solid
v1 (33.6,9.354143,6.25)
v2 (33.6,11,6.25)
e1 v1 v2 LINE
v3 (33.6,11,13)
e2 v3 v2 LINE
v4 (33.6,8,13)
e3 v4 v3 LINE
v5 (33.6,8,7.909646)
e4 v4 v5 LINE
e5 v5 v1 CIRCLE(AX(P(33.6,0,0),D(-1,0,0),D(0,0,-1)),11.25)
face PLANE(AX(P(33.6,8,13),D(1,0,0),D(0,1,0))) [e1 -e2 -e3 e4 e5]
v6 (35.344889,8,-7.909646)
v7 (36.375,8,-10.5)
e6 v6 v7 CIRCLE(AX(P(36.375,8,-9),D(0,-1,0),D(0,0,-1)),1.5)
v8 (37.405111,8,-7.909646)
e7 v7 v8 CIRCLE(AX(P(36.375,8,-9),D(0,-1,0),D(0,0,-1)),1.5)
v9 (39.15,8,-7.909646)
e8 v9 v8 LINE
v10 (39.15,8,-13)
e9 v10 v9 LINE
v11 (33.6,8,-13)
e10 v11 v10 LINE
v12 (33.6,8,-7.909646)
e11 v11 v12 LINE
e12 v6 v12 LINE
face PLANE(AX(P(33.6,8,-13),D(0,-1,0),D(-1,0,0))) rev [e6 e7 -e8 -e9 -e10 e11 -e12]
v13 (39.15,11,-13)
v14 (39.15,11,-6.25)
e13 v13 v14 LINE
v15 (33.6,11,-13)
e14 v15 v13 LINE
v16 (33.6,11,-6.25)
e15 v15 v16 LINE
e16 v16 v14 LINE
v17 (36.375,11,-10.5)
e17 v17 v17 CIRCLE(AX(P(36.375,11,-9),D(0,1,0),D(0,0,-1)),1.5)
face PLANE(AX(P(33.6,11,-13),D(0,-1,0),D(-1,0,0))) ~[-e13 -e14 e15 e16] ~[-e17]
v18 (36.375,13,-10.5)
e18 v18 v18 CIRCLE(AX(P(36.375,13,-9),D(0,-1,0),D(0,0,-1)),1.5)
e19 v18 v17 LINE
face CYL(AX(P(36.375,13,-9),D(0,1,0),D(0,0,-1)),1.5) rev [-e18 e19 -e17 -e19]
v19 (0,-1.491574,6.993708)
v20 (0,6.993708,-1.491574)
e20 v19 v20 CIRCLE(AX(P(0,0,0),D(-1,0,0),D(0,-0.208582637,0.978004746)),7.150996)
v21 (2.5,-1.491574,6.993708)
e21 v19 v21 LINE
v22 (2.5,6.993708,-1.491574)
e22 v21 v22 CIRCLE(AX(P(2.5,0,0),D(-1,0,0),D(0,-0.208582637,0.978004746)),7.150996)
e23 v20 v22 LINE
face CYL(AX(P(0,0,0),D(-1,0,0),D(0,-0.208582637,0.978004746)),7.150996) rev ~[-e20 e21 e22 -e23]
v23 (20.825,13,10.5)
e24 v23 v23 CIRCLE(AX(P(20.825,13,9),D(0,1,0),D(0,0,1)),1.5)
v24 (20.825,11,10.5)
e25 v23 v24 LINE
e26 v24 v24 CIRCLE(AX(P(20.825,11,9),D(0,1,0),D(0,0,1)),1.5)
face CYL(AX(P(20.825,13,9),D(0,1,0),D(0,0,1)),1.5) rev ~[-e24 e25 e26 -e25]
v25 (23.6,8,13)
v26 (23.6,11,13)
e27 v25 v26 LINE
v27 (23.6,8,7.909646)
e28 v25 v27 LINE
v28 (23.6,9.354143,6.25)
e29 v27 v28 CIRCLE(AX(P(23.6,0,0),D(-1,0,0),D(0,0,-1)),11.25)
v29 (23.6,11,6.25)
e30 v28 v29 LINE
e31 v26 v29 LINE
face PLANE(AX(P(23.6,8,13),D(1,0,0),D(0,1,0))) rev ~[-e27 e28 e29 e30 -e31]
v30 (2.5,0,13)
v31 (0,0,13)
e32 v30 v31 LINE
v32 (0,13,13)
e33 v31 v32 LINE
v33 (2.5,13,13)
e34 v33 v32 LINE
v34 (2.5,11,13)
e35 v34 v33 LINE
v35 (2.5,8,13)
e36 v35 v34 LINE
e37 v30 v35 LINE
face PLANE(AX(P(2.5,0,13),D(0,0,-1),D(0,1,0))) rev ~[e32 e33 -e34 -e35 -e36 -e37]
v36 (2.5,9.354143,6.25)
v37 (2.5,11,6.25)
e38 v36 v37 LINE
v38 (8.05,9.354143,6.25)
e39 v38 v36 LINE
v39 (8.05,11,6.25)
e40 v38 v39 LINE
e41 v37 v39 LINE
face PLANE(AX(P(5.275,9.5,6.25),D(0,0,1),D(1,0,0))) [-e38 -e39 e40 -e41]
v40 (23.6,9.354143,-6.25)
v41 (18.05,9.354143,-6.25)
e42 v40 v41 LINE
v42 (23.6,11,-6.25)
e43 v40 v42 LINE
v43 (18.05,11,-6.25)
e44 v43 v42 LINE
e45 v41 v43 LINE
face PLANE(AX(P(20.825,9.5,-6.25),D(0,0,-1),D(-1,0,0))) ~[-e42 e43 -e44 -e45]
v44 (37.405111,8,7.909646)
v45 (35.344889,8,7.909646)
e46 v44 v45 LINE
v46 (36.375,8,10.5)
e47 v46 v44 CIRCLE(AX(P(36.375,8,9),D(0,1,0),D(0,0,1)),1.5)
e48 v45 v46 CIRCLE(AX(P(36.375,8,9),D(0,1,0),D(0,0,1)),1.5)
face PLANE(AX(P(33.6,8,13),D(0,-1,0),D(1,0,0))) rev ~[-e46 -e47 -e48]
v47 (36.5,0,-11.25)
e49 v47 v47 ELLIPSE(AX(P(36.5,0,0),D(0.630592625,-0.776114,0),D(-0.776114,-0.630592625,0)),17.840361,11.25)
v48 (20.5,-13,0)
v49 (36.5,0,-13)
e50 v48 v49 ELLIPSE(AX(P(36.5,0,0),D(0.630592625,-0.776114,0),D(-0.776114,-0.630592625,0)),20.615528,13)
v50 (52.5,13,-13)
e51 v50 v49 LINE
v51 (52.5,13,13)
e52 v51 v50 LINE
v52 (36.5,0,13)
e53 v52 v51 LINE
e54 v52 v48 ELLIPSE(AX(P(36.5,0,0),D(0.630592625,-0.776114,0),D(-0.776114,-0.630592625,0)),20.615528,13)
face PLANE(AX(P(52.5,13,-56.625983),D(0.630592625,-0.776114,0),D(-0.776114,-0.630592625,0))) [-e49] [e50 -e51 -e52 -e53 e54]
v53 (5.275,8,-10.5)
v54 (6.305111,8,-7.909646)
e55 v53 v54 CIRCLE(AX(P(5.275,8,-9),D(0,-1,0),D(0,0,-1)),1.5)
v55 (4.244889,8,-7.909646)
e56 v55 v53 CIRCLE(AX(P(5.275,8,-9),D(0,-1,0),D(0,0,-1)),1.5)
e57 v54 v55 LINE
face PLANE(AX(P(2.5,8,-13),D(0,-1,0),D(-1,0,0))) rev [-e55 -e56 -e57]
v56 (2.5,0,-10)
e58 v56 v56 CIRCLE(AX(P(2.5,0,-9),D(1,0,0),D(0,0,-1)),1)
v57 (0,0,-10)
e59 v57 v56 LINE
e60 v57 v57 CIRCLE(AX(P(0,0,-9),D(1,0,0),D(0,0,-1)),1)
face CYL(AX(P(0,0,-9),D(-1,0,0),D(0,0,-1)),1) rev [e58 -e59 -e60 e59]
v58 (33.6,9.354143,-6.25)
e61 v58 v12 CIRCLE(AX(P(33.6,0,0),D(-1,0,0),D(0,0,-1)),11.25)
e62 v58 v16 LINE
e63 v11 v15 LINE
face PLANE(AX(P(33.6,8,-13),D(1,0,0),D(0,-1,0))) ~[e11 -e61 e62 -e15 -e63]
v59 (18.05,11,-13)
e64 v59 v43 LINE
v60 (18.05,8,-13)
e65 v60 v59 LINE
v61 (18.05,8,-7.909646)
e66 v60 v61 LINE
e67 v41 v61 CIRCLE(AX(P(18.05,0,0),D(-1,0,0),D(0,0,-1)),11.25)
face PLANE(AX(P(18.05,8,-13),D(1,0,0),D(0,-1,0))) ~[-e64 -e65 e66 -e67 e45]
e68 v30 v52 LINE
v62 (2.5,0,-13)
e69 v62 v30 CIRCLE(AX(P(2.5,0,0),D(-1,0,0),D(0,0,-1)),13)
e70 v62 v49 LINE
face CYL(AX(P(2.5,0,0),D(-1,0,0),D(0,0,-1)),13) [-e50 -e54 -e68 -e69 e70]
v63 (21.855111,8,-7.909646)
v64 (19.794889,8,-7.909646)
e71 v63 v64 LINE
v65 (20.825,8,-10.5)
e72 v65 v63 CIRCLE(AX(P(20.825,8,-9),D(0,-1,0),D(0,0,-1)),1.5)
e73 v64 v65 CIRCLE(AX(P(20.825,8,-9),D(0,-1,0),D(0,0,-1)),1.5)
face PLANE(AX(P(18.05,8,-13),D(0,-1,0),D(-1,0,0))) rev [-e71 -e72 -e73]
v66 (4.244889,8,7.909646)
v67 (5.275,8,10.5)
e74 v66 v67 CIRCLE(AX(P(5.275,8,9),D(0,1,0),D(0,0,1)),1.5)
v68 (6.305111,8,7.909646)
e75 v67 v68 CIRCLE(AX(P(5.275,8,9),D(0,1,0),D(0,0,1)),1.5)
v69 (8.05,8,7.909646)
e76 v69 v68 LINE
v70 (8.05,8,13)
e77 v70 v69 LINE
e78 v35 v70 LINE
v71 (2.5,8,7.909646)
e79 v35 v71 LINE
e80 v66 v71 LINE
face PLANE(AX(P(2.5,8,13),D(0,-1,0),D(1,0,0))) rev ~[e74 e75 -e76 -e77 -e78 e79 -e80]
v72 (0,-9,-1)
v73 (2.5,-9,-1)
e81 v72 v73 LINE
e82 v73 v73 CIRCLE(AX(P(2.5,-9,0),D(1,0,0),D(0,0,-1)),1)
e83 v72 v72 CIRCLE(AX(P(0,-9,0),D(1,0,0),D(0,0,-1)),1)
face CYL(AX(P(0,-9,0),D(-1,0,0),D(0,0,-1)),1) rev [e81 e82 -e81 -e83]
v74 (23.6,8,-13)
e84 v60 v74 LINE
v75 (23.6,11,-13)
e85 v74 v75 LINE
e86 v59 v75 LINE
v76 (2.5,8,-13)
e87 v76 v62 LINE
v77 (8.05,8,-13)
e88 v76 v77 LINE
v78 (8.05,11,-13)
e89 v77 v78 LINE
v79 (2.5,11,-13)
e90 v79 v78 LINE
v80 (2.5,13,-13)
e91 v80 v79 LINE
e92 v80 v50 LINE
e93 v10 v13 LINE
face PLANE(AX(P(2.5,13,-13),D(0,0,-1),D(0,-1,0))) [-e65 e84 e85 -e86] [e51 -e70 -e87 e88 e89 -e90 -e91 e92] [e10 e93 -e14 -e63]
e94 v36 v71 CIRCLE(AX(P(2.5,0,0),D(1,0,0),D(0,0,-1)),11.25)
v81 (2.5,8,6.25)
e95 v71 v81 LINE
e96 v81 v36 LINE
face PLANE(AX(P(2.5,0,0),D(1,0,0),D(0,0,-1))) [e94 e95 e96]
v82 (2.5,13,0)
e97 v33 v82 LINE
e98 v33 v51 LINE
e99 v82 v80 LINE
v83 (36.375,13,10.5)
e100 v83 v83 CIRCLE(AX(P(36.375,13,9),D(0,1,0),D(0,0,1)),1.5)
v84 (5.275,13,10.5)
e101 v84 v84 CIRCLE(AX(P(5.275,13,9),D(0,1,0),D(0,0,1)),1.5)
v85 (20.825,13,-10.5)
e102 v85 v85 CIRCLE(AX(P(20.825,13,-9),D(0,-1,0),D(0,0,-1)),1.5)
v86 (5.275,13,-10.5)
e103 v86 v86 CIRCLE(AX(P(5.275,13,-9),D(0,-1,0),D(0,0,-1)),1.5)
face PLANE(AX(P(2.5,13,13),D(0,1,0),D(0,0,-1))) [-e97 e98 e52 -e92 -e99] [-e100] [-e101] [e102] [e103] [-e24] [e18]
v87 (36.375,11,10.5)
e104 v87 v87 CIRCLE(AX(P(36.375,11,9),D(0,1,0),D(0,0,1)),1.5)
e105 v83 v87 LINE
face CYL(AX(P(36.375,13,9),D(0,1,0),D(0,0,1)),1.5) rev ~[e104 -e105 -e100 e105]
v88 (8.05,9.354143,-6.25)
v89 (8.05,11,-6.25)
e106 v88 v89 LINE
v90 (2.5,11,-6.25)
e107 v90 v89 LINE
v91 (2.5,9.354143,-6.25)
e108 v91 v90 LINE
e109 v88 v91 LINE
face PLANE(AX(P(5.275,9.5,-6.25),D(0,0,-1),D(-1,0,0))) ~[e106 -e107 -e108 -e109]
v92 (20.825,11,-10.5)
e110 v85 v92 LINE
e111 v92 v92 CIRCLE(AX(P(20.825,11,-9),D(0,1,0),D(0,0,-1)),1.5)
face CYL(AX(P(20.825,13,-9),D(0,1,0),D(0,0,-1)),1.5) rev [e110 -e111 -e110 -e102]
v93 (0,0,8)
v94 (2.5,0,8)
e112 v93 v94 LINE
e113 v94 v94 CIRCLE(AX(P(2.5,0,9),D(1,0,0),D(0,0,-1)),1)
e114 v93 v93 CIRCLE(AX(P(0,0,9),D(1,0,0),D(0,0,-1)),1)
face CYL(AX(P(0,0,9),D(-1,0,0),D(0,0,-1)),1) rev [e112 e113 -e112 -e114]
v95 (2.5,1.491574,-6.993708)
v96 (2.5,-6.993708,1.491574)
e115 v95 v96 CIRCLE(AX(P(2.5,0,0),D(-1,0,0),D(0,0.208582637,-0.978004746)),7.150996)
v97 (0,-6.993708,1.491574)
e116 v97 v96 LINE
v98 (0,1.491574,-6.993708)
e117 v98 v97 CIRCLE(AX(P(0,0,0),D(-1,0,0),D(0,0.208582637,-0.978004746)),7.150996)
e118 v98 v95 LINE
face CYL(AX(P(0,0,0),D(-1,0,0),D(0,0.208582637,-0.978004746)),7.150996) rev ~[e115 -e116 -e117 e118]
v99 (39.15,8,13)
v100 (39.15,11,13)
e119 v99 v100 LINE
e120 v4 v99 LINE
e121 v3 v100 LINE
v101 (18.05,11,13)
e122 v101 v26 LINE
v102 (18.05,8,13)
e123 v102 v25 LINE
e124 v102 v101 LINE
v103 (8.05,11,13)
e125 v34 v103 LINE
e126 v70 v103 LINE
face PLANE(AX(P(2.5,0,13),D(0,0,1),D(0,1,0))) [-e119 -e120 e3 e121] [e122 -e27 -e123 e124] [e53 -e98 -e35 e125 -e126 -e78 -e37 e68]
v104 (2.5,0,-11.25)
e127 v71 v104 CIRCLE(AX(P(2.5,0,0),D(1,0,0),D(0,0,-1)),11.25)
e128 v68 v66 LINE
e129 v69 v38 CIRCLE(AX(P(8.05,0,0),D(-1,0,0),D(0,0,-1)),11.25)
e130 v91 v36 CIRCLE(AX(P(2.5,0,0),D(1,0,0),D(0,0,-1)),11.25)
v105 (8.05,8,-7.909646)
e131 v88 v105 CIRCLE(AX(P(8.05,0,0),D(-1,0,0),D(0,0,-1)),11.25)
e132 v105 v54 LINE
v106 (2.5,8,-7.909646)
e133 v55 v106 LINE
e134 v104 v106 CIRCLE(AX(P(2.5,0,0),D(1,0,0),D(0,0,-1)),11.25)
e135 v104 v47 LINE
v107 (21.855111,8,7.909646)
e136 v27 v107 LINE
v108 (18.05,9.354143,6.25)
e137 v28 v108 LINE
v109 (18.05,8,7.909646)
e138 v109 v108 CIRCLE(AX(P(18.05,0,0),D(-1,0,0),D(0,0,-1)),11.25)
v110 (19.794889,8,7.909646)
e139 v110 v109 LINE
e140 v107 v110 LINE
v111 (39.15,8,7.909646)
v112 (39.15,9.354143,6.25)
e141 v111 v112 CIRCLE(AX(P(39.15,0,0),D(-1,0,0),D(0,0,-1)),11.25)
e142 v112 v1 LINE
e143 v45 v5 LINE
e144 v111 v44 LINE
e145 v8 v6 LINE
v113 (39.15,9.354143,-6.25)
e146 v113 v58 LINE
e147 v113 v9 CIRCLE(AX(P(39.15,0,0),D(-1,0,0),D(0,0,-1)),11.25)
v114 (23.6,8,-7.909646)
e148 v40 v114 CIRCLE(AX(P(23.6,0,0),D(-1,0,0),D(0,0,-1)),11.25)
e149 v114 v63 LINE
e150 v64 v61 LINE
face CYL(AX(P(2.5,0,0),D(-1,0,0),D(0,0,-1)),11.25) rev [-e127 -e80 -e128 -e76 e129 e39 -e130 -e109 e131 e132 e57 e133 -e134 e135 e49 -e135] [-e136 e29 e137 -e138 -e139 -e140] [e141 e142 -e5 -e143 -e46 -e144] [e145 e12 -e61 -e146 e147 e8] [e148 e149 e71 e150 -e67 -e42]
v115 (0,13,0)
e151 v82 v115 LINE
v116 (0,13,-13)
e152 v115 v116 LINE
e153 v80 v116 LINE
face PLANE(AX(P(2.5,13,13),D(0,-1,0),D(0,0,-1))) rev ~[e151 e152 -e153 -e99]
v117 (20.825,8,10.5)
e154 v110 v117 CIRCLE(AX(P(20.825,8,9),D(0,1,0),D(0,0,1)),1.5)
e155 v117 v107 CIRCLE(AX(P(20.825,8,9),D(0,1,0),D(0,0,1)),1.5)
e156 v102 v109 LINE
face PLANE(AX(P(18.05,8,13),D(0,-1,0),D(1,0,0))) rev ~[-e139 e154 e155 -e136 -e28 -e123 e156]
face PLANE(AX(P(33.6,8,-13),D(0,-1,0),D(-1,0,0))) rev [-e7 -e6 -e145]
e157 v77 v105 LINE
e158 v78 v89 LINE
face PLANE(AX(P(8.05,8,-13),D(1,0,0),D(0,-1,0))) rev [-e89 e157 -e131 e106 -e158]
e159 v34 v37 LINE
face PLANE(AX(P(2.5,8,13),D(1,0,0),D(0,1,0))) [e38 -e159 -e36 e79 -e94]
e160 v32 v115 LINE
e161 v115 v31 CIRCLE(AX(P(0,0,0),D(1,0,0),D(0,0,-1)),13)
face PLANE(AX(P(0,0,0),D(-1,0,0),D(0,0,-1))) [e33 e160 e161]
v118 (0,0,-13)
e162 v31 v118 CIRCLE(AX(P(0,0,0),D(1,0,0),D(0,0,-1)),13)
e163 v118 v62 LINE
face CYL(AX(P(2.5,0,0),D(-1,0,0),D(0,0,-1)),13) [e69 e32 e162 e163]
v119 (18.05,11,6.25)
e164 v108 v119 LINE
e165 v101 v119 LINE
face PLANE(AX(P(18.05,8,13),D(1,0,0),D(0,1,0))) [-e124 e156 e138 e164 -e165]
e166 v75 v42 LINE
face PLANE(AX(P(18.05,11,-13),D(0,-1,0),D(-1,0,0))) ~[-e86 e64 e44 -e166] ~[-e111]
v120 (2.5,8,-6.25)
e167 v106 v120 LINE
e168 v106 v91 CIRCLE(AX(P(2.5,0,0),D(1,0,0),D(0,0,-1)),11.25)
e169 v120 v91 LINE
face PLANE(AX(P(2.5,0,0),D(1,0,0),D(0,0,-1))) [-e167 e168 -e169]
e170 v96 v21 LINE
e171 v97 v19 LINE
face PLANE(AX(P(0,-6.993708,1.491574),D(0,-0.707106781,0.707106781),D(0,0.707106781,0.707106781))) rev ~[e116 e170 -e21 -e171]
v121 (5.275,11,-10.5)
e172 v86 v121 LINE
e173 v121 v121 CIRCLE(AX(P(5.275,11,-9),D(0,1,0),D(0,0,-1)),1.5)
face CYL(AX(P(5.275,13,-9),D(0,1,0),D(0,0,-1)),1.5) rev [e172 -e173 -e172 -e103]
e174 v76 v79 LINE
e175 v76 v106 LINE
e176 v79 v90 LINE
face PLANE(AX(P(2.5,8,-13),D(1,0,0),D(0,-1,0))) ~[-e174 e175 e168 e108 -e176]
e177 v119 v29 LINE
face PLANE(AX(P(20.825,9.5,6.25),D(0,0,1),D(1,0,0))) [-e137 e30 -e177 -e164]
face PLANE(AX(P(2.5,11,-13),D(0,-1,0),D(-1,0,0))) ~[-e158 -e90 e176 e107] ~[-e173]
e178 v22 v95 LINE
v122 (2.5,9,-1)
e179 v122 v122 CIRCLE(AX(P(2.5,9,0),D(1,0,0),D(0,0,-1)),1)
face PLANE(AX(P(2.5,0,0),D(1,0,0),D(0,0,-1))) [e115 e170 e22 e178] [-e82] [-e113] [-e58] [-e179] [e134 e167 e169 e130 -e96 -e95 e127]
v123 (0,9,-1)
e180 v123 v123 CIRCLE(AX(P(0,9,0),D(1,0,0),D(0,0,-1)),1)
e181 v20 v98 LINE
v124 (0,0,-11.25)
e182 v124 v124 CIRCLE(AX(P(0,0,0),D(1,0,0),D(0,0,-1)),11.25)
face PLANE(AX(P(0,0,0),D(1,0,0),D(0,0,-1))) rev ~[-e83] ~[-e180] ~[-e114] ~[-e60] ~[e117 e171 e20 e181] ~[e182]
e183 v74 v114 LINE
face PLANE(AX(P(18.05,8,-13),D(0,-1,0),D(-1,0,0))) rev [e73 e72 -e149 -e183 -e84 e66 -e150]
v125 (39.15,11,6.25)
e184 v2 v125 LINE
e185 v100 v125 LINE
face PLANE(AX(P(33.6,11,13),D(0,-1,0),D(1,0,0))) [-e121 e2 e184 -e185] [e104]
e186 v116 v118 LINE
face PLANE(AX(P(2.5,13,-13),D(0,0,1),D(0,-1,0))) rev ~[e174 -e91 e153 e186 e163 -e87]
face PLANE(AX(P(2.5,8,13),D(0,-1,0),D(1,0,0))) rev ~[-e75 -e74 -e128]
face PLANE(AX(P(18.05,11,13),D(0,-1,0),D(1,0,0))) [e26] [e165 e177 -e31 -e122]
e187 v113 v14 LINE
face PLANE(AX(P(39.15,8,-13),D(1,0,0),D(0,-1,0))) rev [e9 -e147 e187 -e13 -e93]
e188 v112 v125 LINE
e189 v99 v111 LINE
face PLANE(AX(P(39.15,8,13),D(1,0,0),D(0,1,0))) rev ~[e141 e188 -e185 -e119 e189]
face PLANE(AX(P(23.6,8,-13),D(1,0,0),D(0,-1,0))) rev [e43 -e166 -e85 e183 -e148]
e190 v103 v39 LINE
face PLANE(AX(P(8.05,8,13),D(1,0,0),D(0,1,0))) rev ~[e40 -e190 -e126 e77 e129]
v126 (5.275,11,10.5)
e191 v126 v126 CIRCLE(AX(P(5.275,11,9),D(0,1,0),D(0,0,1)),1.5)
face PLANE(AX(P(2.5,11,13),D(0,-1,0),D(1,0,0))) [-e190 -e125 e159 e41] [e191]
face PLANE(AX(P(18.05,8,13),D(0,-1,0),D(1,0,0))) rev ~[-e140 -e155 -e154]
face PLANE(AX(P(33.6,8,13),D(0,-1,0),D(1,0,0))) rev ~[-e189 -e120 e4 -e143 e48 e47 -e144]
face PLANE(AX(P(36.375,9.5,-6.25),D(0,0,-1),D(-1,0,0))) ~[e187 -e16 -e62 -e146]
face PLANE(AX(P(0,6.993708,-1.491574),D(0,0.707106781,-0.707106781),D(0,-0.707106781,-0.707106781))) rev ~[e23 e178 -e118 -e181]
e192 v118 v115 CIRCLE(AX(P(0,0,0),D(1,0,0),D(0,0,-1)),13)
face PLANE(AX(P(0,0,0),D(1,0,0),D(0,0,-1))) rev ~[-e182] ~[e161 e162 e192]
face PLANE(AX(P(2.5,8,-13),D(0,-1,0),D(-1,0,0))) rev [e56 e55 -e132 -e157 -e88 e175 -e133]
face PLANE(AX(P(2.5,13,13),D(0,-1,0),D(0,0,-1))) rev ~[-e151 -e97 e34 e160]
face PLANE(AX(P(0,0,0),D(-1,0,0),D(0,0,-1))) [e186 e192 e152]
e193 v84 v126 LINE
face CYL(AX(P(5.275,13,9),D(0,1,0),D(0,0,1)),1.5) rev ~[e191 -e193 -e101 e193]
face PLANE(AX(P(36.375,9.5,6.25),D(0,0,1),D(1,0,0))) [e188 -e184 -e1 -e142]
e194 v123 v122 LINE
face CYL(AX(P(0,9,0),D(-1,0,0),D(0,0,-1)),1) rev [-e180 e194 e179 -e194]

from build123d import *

# Parameters (mm, degrees)
SKETCH1_R                       = 13
SKETCH1_R_2                     = 1
BOSS_EXTRUDE1_DEPTH             = 2.5
SKETCH2_R                       = 11.25
BOSS_EXTRUDE2_DEPTH             = 50
BOSS_EXTRUDE2_DIRECTION_2_REACH = 20.554
CUT_EXTRUDE1_DEPTH              = 56.625983137
CUT_EXTRUDE1_DEPTH_BACK         = 56.625983137
SKETCH4_W                       = 5.55
SKETCH4_H                       = 3
CUT_EXTRUDE2_DEPTH              = 6.75
SKETCH5_R                       = 1.5
CUT_EXTRUDE3_DEPTH              = 5


with BuildPart() as part:
    # Sketch1 → Boss-Extrude1 (new body)
    with BuildSketch(Plane(origin=(0, 0, 0), x_dir=(0, 0, -1), z_dir=(1, 0, 0))):
        Circle(SKETCH1_R)
        with Locations((0, 9)):
            Circle(SKETCH1_R_2, mode=Mode.SUBTRACT)
        with Locations((9, 0)):
            Circle(SKETCH1_R_2, mode=Mode.SUBTRACT)
        with Locations((0, -9)):
            Circle(SKETCH1_R_2, mode=Mode.SUBTRACT)
        with Locations((-9, 0)):
            Circle(SKETCH1_R_2, mode=Mode.SUBTRACT)
        with BuildLine():
            Line((1.491573557, 6.993707817), (6.993707817, 1.491573557))
            ThreePointArc((6.993707817, 1.491573557), (5.056517611, -5.056517611), (-1.491573557, -6.993707817))
            Line((-1.491573557, -6.993707817), (-6.993707817, -1.491573557))
            ThreePointArc((-6.993707817, -1.491573557), (-5.056517611, 5.056517611), (1.491573557, 6.993707817))
        make_face(mode=Mode.SUBTRACT)
    extrude(amount=BOSS_EXTRUDE1_DEPTH)

    # Sketch2 → Boss-Extrude2 (add)
    with BuildSketch(Plane(origin=(2.5, 0, 0), x_dir=(0, 0, -1), z_dir=(1, 0, 0))):
        with BuildLine():
            Line((-13, 13), (13, 13))
            Line((13, 13), (13, 0))
            ThreePointArc((13, 0), (0, -13), (-13, 0))
            Line((-13, 0), (-13, 13))
        make_face()
        Circle(SKETCH2_R, mode=Mode.SUBTRACT)
    extrude(amount=BOSS_EXTRUDE2_DEPTH)

    # Boss-Extrude2 direction 2: up to this face of the body (flat: up to its plane)
    boss_extrude2_direction_2_end = Plane(part.part.faces().sort_by_distance((0, 0, 12.632304474))[0])
    # Sketch2 → Boss-Extrude2 direction 2 (add, up to the picked face)
    with BuildSketch(Plane(origin=(2.5, 0, 0), x_dir=(0, 0, -1), z_dir=(1, 0, 0)), mode=Mode.PRIVATE) as boss_extrude2_direction_2_sk1:
        with BuildLine():
            Line((-13, 13), (13, 13))
            Line((13, 13), (13, 0))
            ThreePointArc((13, 0), (0, -13), (-13, 0))
            Line((-13, 0), (-13, 13))
        make_face()
        Circle(SKETCH2_R, mode=Mode.SUBTRACT)
    boss_extrude2_direction_2_tool1 = split(extrude(boss_extrude2_direction_2_sk1.sketch, amount=-BOSS_EXTRUDE2_DIRECTION_2_REACH, mode=Mode.PRIVATE), bisect_by=boss_extrude2_direction_2_end, keep=Keep.BOTH, mode=Mode.PRIVATE)
    add(boss_extrude2_direction_2_tool1.solids().sort_by(Axis((2.5, 6.5, 12.632304), (-1, 0, 0)))[0])

    # Sketch3 → Cut-Extrude1 (cut, two sides: drawn at the far end of the back side and taken through both)
    with BuildSketch(Plane.XY.offset(-CUT_EXTRUDE1_DEPTH_BACK)):
        Polygon((52.5, 13), (20.5, -13), (52.5, -13), align=None)
    extrude(amount=CUT_EXTRUDE1_DEPTH + CUT_EXTRUDE1_DEPTH_BACK, mode=Mode.SUBTRACT)

    # Sketch4 → Cut-Extrude2 (cut)
    with BuildSketch(Plane.XY.offset(13)):
        with Locations((5.275, 9.5)):
            Rectangle(SKETCH4_W, SKETCH4_H)
        with Locations((20.825, 9.5)):
            Rectangle(SKETCH4_W, SKETCH4_H)
        with Locations((36.375, 9.5)):
            Rectangle(SKETCH4_W, SKETCH4_H)
    cut_extrude2 = extrude(amount=-CUT_EXTRUDE2_DEPTH, mode=Mode.SUBTRACT)

    # Sketch5 → Cut-Extrude3 (cut)
    with BuildSketch(Plane(origin=(0, 13, 0), x_dir=(1, 0, 0), z_dir=(0, 1, 0))):
        with Locations(Location((5.275, -9, 0), (0, 0, 270))):
            Circle(SKETCH5_R)
        with Locations(Location((20.825, -9, 0), (0, 0, 270))):
            Circle(SKETCH5_R)
        with Locations(Location((36.375, -9, 0), (0, 0, 270))):
            Circle(SKETCH5_R)
    cut_extrude3 = extrude(amount=-CUT_EXTRUDE3_DEPTH, mode=Mode.SUBTRACT)

    # Mirror1: Cut-Extrude2, Cut-Extrude3 across plane
    add(cut_extrude2.mirror(Plane.XY), mode=Mode.SUBTRACT)
    add(cut_extrude3.mirror(Plane.XY), mode=Mode.SUBTRACT)


solid = part.part
